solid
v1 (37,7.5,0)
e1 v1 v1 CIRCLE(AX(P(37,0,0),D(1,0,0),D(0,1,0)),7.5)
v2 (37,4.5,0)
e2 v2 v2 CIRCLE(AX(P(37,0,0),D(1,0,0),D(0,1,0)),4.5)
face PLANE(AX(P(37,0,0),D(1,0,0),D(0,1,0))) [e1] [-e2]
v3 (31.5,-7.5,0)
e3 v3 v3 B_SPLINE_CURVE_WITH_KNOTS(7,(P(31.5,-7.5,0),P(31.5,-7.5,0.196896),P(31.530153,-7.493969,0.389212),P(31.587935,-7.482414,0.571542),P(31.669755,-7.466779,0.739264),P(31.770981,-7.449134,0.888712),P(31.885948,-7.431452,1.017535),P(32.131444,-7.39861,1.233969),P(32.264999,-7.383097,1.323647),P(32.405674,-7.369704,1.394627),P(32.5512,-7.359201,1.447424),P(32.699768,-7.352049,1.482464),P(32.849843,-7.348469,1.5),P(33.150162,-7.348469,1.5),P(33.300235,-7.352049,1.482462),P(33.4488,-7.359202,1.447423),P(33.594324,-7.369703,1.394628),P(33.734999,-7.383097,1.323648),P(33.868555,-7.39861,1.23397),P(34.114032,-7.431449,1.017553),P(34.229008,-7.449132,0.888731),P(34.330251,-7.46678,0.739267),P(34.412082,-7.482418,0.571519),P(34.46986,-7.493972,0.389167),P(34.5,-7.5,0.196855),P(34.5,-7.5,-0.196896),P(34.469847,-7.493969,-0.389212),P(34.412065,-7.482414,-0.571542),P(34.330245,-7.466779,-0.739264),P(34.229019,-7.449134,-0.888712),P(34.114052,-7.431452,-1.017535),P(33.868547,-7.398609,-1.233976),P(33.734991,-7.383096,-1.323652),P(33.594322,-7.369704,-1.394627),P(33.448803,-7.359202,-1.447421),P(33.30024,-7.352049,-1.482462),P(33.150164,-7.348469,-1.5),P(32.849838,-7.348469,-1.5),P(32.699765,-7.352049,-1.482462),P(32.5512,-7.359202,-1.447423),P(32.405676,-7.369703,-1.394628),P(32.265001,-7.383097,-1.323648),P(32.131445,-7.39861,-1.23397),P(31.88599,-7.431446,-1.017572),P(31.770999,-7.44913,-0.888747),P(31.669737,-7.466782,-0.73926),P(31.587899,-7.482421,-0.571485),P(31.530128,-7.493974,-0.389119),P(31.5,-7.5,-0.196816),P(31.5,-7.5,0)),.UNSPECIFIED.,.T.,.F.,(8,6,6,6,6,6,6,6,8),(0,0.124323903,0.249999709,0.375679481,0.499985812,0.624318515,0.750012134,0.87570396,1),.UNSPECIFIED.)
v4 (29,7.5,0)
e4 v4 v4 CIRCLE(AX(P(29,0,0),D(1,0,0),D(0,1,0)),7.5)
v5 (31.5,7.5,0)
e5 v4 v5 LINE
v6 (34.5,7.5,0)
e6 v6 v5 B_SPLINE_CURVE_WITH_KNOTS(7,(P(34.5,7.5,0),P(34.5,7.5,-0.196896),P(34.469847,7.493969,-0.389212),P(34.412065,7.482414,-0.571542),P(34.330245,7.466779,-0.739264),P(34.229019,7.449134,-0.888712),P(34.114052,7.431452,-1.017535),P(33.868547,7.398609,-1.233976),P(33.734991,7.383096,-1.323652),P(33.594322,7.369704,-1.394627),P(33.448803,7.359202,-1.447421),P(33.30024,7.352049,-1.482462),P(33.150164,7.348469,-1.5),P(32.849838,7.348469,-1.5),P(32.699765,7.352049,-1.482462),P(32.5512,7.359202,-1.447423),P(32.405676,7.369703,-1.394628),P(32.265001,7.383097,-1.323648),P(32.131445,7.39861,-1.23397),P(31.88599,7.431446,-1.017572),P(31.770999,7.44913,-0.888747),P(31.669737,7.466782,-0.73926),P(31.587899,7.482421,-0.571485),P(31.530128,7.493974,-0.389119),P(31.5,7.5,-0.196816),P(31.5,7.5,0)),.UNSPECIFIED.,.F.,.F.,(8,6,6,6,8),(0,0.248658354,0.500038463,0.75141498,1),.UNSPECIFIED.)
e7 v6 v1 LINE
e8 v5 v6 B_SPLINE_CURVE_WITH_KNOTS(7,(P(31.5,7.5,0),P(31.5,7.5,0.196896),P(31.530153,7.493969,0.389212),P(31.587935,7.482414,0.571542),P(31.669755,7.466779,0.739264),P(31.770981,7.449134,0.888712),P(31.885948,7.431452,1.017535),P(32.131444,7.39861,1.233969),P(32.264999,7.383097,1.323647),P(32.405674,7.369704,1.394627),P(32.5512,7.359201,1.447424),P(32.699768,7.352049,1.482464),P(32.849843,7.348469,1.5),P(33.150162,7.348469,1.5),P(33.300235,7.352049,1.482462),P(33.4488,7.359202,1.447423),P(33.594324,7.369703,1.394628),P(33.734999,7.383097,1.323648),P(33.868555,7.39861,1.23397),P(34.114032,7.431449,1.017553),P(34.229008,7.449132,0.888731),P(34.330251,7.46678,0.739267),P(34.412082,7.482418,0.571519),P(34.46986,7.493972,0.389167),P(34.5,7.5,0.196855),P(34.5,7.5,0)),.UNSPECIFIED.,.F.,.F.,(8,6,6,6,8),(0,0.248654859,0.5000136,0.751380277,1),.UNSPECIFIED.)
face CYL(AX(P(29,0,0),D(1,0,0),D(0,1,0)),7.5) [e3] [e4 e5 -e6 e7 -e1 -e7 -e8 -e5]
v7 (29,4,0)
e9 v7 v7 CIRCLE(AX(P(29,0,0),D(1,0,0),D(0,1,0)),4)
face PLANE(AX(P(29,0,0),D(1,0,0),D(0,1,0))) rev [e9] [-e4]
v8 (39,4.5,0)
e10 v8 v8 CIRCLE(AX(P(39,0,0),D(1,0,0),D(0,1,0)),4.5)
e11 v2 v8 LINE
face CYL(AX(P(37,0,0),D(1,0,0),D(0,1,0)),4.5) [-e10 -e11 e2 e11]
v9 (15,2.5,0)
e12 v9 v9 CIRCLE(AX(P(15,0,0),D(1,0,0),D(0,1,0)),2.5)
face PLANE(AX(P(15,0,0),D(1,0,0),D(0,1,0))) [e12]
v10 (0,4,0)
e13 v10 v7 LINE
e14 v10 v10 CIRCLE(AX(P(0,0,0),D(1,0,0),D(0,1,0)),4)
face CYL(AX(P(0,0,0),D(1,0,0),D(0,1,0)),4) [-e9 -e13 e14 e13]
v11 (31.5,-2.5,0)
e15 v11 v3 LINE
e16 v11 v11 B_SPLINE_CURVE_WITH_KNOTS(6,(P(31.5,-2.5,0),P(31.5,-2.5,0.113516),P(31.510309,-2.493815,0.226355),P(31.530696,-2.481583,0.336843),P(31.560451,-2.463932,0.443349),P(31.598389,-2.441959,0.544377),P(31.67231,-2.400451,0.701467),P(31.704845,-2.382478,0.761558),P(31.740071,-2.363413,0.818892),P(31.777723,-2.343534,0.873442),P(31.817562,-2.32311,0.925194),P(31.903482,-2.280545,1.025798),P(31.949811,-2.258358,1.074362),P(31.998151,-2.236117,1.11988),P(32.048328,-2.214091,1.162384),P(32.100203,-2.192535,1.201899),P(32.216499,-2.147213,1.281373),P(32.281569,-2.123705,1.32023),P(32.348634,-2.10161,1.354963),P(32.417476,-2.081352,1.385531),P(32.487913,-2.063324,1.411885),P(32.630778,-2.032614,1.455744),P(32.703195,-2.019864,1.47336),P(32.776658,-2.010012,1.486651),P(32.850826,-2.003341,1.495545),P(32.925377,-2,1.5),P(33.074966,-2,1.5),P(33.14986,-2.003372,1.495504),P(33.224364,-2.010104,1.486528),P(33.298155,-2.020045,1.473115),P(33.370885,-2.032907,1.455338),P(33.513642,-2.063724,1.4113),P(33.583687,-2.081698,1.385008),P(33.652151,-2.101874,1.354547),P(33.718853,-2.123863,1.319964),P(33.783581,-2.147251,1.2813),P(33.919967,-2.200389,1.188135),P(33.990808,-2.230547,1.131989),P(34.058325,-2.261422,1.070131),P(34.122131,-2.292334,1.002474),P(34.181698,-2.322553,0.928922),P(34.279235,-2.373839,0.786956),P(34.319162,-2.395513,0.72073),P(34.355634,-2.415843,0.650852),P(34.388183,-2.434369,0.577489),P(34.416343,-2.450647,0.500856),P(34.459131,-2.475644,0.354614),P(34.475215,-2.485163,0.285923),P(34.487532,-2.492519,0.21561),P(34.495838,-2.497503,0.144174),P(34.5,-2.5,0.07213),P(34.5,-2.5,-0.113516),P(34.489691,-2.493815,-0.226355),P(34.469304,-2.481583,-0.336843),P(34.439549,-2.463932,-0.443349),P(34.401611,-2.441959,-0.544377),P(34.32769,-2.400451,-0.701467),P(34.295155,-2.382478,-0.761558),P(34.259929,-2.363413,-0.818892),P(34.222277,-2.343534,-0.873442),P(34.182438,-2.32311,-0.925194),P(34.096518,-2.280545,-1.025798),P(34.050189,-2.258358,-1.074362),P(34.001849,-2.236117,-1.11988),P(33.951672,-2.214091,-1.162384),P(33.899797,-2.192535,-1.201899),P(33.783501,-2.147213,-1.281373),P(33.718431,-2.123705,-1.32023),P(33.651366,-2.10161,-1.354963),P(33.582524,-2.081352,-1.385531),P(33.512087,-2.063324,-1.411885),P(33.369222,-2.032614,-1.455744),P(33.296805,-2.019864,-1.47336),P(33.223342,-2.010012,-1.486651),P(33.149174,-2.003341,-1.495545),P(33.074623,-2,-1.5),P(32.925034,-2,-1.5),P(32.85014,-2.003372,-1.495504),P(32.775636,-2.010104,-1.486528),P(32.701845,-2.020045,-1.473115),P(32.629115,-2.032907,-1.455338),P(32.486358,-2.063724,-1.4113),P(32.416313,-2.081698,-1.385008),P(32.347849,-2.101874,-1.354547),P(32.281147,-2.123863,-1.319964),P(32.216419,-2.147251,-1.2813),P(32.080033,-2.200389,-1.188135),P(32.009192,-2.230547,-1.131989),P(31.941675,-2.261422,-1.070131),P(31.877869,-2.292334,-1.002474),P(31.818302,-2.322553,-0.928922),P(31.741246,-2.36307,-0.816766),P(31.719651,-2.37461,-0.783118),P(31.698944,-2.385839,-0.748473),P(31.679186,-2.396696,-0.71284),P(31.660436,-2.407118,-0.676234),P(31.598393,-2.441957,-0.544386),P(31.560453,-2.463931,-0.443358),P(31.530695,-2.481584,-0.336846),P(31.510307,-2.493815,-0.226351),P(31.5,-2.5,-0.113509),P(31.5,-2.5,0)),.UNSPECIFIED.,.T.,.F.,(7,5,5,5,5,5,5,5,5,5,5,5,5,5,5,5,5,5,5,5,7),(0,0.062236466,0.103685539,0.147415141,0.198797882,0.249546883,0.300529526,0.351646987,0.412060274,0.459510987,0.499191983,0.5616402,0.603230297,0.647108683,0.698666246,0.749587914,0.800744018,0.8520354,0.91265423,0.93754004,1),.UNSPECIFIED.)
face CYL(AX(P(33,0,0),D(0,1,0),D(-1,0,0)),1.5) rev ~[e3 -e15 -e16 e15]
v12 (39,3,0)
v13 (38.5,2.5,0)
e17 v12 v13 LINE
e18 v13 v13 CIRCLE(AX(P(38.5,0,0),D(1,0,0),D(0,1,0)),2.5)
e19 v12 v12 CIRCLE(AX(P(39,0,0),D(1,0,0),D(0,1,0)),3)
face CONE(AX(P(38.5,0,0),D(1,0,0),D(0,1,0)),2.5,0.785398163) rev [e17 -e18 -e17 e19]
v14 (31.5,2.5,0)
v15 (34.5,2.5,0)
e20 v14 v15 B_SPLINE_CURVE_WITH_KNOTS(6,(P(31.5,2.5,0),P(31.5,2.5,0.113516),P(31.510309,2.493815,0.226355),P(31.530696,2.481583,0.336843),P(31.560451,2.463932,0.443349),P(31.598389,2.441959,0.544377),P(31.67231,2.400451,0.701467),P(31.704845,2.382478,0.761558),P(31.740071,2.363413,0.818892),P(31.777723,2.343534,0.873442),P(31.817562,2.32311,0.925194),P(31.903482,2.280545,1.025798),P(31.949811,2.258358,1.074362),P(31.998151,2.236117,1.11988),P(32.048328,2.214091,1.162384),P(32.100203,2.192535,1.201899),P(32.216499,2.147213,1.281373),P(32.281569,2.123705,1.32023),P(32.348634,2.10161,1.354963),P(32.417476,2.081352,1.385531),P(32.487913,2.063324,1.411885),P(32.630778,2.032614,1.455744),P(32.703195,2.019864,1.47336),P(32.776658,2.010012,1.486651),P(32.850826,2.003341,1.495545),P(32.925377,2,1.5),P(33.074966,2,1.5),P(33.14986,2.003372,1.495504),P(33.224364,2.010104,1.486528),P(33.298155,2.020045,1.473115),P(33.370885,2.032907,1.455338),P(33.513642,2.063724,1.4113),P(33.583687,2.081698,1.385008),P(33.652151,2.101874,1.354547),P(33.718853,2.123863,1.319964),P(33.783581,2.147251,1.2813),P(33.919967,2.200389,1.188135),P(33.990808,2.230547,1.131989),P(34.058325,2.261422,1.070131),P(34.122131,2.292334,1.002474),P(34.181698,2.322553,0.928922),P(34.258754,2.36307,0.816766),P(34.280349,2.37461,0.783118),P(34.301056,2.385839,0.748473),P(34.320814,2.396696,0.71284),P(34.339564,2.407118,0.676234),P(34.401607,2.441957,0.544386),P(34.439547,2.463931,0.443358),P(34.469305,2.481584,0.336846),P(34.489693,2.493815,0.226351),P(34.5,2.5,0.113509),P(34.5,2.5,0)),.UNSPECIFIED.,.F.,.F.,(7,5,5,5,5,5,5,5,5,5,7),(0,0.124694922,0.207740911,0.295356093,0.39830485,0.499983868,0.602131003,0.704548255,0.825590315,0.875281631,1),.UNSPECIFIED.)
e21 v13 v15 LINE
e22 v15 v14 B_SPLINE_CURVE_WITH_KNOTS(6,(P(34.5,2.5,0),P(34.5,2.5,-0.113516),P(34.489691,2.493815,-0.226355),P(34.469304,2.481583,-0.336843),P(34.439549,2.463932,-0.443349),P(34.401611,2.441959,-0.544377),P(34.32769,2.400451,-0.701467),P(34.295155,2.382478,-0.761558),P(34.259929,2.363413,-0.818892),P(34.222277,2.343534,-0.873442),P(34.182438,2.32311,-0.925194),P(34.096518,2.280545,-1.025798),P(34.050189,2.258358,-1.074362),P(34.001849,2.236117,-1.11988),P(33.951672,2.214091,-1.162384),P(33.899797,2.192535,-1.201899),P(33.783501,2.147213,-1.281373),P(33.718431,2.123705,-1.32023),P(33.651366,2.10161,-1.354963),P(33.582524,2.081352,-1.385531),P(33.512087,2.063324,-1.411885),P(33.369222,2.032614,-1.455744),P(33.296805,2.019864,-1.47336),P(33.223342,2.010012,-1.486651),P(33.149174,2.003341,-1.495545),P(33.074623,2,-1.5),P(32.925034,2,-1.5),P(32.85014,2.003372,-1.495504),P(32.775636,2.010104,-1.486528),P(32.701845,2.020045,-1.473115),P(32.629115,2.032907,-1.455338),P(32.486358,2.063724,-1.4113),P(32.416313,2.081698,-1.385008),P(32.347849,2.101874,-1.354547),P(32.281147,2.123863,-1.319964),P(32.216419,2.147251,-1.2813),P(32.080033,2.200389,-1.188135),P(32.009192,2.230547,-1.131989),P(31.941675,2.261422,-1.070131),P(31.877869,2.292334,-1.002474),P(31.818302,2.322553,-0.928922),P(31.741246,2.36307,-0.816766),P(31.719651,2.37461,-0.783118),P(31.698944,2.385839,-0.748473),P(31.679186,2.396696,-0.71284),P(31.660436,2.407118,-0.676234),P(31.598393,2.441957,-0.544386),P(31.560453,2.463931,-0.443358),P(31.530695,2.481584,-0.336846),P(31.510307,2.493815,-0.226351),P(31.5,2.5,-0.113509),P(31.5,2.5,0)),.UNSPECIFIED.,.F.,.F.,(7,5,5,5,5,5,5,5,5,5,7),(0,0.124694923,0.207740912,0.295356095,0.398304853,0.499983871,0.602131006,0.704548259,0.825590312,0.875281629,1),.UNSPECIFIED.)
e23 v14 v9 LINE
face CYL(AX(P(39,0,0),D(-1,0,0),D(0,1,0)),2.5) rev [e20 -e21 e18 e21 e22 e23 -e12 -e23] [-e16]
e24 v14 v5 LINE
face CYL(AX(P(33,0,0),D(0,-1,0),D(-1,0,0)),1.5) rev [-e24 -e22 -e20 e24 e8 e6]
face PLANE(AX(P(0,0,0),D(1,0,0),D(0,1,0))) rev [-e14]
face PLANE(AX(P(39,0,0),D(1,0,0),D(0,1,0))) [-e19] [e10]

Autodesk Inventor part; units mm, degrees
ref_plane "YZ Plane" through (0, 0, 0) normal (1, 0, 0) x (0, 1, 0)
ref_plane "XZ Plane" through (0, 0, 0) normal (0, 1, 0) x (-1, 0, 0)
ref_plane "XY Plane" through (0, 0, 0) normal (0, 0, 1) x (1, 0, 0)
sketch "Sketch1" plane through (0, 0, 0) normal (0, 0, 1) x (1, 0, 0)
  line L0 (0, 0) -> (0, 4)
  line L1 (0, 4) -> (29, 4)
  line L2 (29, 4) -> (29, 7.5)
  line L3 (29, 7.5) -> (37, 7.5)
  line L4 (37, 7.5) -> (37, 4.5)
  line L5 (37, 4.5) -> (39, 4.5)
  line L6 (39, 4.5) -> (39, 2.5)
  line L7 (39, 2.5) -> (15, 2.5)
  line L8 (15, 2.5) -> (15, 0)
  line L9 (15, 0) -> (0, 0)
  line L10 (0, 0) -> (32.1678, 0)
  dimension "d0" = 8
  dimension "d1" = 39
  dimension "d2" = 15
  dimension "d3" = 8
  dimension "d4" = 2
  dimension "d5" = 9
  dimension "d6" = 5
  dimension "d7" = 15
revolve "Revolution1" add sketch "Sketch1" angle 360 about axis through (0, 0, 0) along (1, 0, 0)
chamfer "Chamfer1" distance 0.5 angle 45 1 edges at (39, -2.5, 0)
sketch "Sketch2" plane through (0, 0, 0) normal (0, 1, 0) x (-1, 0, 0)
  circle A0 centre (-33, 0) radius 1.5
  line L0 (0, -4) -> (-29, -4) projected
  line L1 (-29, -4) -> (-29, -7.5) projected
  line L2 (-29, -7.5) -> (-37, -7.5) projected
  line L3 (-37, -7.5) -> (-37, -4.5) projected
  line L4 (-37, -4.5) -> (-39, -4.5) projected
  line L5 (-39, -4.5) -> (-39, -3) projected
  line L6 (-39, -3) -> (-38.5, -2.5) projected
  line L7 (-38.5, -2.5) -> (-15, -2.5) projected
  line L8 (-15, -2.5) -> (-15, 2.5) projected
  line L9 (-15, 2.5) -> (-38.5, 2.5) projected
  line L10 (-38.5, 2.5) -> (-39, 3) projected
  line L11 (-39, 3) -> (-39, 4.5) projected
  line L12 (-39, 4.5) -> (-37, 4.5) projected
  line L13 (-37, 4.5) -> (-37, 7.5) projected
  line L14 (-37, 7.5) -> (-29, 7.5) projected
  line L15 (-29, 7.5) -> (-29, 4) projected
  line L16 (-29, 4) -> (0, 4) projected
  line L17 (0, 4) -> (0, -4) projected
  line L18 (-37, 7.5) -> (-37, -7.5) projected
  line L19 (-29, 7.5) -> (-29, -7.5) projected
  line L20 (-29, 4) -> (-29, -4) projected
  line L21 (0, 4) -> (0, -4) projected
  line L22 (-38.5, -2.5) -> (-38.5, 2.5) projected
  line L23 (0, -4) -> (-29, -4) projected
  point P0 (0, 0)
  point P1 (-15, 0)
  point P2 (-33, 7.5)
  dimension "d12" = 3
extrude "Extrusion1" cut sketch "Sketch2" along normal through all both and the other way through all contours A0
properties part number "Hjulstopp"
